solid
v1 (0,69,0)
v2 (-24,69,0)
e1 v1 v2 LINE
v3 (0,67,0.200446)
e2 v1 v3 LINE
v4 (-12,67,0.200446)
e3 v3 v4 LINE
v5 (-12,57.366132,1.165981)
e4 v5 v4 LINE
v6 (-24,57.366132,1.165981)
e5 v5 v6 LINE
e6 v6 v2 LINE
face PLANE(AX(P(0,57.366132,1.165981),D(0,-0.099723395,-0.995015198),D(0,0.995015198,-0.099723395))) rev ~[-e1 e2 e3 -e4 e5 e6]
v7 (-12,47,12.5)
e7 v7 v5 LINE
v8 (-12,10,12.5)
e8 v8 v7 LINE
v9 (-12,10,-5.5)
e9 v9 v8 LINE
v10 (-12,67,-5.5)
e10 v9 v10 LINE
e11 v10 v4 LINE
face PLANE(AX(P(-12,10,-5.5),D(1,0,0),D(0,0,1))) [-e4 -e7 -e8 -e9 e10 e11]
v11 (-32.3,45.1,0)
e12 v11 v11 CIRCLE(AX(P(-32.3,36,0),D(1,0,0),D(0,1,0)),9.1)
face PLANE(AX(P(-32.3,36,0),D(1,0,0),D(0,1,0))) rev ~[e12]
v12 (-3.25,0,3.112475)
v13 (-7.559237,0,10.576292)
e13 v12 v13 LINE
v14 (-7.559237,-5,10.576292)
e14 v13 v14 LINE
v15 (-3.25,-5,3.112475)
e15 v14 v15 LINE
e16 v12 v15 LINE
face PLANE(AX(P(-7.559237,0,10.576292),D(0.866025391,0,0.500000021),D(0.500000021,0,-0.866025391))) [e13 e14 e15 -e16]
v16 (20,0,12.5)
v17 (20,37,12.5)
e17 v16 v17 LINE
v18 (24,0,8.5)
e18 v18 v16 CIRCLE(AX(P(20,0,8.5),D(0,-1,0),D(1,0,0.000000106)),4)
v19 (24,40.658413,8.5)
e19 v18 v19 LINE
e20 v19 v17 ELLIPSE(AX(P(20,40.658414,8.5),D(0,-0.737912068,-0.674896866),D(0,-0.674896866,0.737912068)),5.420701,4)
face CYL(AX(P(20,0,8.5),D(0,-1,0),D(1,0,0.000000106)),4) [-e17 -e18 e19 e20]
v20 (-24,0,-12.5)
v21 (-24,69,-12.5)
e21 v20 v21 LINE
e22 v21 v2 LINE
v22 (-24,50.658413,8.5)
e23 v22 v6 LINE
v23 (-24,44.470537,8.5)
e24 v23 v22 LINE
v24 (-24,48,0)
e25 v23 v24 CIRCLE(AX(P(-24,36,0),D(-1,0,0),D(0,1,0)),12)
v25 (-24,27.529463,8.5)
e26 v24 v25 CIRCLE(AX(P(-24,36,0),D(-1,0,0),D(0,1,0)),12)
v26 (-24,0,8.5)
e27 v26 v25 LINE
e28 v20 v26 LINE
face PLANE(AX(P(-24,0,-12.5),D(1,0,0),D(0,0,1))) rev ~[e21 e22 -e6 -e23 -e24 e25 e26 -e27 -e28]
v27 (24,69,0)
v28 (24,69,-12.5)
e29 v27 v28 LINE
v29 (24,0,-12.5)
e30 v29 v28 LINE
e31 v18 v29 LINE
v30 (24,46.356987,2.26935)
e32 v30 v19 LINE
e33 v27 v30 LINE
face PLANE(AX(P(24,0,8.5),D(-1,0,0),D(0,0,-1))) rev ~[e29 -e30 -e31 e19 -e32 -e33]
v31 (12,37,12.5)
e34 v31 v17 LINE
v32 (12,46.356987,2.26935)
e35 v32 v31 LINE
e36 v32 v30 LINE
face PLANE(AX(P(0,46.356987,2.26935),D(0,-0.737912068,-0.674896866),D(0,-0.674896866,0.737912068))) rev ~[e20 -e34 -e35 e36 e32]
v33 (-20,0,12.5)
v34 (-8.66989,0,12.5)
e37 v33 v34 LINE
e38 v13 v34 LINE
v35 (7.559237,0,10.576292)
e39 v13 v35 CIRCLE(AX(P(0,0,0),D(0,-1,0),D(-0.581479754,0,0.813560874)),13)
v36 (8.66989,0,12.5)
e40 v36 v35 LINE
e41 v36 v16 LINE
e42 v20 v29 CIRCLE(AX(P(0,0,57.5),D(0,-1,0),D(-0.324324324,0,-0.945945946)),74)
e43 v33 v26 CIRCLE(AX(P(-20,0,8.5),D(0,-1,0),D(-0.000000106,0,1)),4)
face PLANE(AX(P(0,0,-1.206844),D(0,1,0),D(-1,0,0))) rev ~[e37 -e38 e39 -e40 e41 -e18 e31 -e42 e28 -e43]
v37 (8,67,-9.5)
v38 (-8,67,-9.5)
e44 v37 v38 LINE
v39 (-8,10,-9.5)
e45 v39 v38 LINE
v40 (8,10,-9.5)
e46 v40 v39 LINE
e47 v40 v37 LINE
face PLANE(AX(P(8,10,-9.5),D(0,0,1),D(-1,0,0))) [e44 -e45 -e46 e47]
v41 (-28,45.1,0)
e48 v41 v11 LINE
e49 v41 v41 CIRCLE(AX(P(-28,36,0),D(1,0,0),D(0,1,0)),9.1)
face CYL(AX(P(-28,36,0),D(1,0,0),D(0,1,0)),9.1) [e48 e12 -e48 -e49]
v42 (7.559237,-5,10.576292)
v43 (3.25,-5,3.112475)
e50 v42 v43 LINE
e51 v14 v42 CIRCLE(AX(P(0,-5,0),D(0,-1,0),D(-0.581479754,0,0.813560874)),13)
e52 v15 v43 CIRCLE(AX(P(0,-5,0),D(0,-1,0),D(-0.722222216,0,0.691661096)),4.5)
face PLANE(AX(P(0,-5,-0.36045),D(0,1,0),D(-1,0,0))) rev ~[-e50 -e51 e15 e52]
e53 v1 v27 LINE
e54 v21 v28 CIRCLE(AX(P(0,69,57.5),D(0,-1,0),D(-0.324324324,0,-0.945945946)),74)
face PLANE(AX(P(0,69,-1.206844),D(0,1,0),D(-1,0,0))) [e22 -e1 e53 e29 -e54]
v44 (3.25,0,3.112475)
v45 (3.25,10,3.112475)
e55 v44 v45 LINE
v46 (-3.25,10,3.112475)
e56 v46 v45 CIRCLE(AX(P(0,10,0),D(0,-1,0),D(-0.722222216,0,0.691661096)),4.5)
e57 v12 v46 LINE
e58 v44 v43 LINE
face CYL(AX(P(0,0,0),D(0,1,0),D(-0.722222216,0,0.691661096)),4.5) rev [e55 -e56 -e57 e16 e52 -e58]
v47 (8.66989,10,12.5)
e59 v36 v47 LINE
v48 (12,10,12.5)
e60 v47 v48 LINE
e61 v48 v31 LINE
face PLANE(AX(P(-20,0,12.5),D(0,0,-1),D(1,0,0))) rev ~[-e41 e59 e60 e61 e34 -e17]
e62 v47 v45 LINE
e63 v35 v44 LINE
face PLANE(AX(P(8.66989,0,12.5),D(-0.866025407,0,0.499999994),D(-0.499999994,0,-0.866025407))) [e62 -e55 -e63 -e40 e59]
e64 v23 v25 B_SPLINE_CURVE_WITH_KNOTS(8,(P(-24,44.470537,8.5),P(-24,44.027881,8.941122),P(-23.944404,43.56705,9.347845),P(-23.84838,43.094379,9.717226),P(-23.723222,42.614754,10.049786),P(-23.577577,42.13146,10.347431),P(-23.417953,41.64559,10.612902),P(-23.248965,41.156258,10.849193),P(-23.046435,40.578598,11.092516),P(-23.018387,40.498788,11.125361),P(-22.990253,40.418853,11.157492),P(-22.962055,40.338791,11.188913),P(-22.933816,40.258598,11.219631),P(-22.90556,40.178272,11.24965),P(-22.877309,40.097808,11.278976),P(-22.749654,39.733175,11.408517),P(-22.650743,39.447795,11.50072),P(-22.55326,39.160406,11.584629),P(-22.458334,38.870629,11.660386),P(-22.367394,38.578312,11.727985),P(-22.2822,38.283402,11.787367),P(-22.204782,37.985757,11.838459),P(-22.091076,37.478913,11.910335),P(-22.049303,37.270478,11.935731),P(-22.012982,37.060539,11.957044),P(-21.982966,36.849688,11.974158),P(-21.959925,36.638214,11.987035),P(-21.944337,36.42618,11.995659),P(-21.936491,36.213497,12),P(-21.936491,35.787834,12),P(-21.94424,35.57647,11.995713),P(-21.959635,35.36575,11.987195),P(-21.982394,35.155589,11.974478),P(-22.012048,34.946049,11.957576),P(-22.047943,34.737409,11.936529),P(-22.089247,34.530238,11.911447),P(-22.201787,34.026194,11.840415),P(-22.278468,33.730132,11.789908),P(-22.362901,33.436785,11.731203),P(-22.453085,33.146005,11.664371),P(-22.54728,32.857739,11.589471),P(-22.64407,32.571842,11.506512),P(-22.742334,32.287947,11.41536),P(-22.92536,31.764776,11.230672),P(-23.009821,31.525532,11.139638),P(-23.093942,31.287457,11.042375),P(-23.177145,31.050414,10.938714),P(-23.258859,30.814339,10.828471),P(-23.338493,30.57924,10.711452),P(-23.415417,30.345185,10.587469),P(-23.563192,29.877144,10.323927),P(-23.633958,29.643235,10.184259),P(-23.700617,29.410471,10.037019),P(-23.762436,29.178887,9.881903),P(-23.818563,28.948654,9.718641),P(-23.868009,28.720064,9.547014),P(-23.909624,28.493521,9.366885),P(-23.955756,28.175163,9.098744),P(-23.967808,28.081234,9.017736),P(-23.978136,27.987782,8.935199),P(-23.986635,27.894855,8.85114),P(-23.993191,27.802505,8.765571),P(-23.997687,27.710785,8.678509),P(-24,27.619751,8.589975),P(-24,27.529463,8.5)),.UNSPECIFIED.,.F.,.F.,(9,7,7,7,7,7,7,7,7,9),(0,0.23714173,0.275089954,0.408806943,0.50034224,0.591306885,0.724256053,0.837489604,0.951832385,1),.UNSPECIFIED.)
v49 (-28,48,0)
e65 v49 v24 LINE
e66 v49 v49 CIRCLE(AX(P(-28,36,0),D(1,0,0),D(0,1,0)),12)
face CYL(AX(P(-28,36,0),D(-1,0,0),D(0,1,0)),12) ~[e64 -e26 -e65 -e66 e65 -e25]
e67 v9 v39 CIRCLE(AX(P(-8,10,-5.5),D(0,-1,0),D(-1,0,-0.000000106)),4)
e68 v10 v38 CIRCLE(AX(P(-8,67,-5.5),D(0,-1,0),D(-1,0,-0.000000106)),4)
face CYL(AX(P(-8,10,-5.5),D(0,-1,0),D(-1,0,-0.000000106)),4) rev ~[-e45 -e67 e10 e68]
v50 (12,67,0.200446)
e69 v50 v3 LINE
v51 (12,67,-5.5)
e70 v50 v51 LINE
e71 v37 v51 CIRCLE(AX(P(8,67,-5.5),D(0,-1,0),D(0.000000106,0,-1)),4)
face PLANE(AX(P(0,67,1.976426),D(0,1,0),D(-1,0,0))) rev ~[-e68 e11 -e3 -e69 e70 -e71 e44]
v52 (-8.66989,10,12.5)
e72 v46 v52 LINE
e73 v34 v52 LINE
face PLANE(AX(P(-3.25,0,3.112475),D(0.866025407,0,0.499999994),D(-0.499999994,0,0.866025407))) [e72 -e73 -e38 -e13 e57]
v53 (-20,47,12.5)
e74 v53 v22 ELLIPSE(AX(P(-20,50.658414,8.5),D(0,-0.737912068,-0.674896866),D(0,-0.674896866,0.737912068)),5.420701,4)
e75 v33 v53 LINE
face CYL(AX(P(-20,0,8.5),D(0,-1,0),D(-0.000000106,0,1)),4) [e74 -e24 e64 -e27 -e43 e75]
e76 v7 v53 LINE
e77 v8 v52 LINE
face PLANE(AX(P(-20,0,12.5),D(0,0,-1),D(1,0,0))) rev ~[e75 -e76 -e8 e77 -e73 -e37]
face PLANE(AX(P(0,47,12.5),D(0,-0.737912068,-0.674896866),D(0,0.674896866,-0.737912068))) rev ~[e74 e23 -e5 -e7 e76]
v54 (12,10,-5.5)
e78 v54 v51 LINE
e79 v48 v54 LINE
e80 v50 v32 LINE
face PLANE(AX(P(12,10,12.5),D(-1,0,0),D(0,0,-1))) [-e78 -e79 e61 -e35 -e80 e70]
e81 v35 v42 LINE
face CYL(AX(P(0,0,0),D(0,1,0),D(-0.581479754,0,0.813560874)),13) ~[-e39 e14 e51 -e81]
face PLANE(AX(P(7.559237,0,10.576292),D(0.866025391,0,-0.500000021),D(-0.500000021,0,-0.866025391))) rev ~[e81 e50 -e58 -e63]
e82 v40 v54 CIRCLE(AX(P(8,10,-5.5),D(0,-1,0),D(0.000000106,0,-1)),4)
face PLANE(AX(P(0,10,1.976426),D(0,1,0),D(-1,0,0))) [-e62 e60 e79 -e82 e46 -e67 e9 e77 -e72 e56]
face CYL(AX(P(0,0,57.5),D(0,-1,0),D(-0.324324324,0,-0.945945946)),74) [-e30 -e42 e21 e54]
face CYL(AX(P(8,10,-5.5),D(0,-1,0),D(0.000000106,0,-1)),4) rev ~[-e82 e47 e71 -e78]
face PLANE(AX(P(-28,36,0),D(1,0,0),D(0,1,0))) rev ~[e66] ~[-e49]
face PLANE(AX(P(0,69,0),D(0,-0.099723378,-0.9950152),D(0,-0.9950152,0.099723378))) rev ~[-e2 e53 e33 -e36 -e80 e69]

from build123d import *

# Parameters (mm, degrees)
PAD_DEPTH       = 69
POCKET_DEPTH    = 57
POCKET001_DEPTH = 10
PAD001_DEPTH    = 5
POCKET002_DEPTH = 24.001
POCKET003_DEPTH = 24.001
SKETCH006_R     = 12
PAD002_DEPTH    = 10
SKETCH007_R     = 9.1
PAD003_DEPTH    = 4.3


with BuildPart() as part:
    # Sketch → Pad (new body)
    with BuildSketch(Plane.XZ):
        with BuildLine():
            Line((-24, -12.5), (-24, 8.5))
            ThreePointArc((-20, 12.5), (-22.828427, 11.328427), (-24, 8.5))
            Line((-20, 12.5), (20, 12.5))
            ThreePointArc((24, 8.5), (22.828427, 11.328427), (20, 12.5))
            Line((24, 8.5), (24, -12.5))
            ThreePointArc((-24, -12.5), (0, -16.5), (24, -12.5))
        make_face()
    extrude(amount=-PAD_DEPTH)

    # Sketch001 → Pocket (cut)
    with BuildSketch(Plane.XZ.offset(-10)):
        with BuildLine():
            Line((-12, -5.5), (-12, 12.5))
            Line((-12, 12.5), (12, 12.5))
            Line((12, 12.5), (12, -5.5))
            ThreePointArc((8, -9.5), (10.828427, -8.328427), (12, -5.5))
            Line((8, -9.5), (-8, -9.5))
            ThreePointArc((-12, -5.5), (-10.828427, -8.328427), (-8, -9.5))
        make_face()
    extrude(amount=-POCKET_DEPTH, mode=Mode.SUBTRACT)

    # Sketch002 → Pocket001 (cut)
    with BuildSketch(Plane.XZ):
        with BuildLine():
            ThreePointArc((-3.25, 3.112475), (0, -4.5), (3.25, 3.112475))
            Line((8.66989, 12.5), (3.25, 3.112475))
            Line((-8.66989, 12.5), (8.66989, 12.5))
            Line((-3.25, 3.112475), (-8.66989, 12.5))
        make_face()
    extrude(amount=-POCKET001_DEPTH, mode=Mode.SUBTRACT)

    # Sketch003 → Pad001 (join)
    with BuildSketch(Plane.XZ):
        with BuildLine():
            ThreePointArc((-3.25, 3.112475), (0, -4.5), (3.25, 3.112475))
            Line((7.559237, 10.576292), (3.25, 3.112475))
            ThreePointArc((-7.559237, 10.576292), (0, -13), (7.559237, 10.576292))
            Line((-7.559237, 10.576292), (-3.25, 3.112475))
        make_face()
    extrude(amount=PAD001_DEPTH)

    # Sketch004 → Pocket002 (cut, through all)
    with BuildSketch(Plane.YZ):
        Polygon((69, 12.5), (69, 0), (46.356987, 2.26935), (37, 12.5), align=None)
    extrude(amount=POCKET002_DEPTH, mode=Mode.SUBTRACT)

    # Sketch005 → Pocket003 (cut, through all)
    with BuildSketch(Plane.YZ):
        Polygon((47, 12.5), (57.366132, 1.165981), (69, 0), (69, 12.5), align=None)
    extrude(amount=-POCKET003_DEPTH, mode=Mode.SUBTRACT)

    # Sketch006 → Pad002 (join)
    with BuildSketch(Plane.YZ.offset(-28)):
        with Locations((36, 0)):
            Circle(SKETCH006_R)
    extrude(amount=PAD002_DEPTH)

    # Sketch007 → Pad003 (join)
    with BuildSketch(Plane.YZ.offset(-28)):
        with Locations((36, 0)):
            Circle(SKETCH007_R)
    extrude(amount=-PAD003_DEPTH)


solid = part.part
